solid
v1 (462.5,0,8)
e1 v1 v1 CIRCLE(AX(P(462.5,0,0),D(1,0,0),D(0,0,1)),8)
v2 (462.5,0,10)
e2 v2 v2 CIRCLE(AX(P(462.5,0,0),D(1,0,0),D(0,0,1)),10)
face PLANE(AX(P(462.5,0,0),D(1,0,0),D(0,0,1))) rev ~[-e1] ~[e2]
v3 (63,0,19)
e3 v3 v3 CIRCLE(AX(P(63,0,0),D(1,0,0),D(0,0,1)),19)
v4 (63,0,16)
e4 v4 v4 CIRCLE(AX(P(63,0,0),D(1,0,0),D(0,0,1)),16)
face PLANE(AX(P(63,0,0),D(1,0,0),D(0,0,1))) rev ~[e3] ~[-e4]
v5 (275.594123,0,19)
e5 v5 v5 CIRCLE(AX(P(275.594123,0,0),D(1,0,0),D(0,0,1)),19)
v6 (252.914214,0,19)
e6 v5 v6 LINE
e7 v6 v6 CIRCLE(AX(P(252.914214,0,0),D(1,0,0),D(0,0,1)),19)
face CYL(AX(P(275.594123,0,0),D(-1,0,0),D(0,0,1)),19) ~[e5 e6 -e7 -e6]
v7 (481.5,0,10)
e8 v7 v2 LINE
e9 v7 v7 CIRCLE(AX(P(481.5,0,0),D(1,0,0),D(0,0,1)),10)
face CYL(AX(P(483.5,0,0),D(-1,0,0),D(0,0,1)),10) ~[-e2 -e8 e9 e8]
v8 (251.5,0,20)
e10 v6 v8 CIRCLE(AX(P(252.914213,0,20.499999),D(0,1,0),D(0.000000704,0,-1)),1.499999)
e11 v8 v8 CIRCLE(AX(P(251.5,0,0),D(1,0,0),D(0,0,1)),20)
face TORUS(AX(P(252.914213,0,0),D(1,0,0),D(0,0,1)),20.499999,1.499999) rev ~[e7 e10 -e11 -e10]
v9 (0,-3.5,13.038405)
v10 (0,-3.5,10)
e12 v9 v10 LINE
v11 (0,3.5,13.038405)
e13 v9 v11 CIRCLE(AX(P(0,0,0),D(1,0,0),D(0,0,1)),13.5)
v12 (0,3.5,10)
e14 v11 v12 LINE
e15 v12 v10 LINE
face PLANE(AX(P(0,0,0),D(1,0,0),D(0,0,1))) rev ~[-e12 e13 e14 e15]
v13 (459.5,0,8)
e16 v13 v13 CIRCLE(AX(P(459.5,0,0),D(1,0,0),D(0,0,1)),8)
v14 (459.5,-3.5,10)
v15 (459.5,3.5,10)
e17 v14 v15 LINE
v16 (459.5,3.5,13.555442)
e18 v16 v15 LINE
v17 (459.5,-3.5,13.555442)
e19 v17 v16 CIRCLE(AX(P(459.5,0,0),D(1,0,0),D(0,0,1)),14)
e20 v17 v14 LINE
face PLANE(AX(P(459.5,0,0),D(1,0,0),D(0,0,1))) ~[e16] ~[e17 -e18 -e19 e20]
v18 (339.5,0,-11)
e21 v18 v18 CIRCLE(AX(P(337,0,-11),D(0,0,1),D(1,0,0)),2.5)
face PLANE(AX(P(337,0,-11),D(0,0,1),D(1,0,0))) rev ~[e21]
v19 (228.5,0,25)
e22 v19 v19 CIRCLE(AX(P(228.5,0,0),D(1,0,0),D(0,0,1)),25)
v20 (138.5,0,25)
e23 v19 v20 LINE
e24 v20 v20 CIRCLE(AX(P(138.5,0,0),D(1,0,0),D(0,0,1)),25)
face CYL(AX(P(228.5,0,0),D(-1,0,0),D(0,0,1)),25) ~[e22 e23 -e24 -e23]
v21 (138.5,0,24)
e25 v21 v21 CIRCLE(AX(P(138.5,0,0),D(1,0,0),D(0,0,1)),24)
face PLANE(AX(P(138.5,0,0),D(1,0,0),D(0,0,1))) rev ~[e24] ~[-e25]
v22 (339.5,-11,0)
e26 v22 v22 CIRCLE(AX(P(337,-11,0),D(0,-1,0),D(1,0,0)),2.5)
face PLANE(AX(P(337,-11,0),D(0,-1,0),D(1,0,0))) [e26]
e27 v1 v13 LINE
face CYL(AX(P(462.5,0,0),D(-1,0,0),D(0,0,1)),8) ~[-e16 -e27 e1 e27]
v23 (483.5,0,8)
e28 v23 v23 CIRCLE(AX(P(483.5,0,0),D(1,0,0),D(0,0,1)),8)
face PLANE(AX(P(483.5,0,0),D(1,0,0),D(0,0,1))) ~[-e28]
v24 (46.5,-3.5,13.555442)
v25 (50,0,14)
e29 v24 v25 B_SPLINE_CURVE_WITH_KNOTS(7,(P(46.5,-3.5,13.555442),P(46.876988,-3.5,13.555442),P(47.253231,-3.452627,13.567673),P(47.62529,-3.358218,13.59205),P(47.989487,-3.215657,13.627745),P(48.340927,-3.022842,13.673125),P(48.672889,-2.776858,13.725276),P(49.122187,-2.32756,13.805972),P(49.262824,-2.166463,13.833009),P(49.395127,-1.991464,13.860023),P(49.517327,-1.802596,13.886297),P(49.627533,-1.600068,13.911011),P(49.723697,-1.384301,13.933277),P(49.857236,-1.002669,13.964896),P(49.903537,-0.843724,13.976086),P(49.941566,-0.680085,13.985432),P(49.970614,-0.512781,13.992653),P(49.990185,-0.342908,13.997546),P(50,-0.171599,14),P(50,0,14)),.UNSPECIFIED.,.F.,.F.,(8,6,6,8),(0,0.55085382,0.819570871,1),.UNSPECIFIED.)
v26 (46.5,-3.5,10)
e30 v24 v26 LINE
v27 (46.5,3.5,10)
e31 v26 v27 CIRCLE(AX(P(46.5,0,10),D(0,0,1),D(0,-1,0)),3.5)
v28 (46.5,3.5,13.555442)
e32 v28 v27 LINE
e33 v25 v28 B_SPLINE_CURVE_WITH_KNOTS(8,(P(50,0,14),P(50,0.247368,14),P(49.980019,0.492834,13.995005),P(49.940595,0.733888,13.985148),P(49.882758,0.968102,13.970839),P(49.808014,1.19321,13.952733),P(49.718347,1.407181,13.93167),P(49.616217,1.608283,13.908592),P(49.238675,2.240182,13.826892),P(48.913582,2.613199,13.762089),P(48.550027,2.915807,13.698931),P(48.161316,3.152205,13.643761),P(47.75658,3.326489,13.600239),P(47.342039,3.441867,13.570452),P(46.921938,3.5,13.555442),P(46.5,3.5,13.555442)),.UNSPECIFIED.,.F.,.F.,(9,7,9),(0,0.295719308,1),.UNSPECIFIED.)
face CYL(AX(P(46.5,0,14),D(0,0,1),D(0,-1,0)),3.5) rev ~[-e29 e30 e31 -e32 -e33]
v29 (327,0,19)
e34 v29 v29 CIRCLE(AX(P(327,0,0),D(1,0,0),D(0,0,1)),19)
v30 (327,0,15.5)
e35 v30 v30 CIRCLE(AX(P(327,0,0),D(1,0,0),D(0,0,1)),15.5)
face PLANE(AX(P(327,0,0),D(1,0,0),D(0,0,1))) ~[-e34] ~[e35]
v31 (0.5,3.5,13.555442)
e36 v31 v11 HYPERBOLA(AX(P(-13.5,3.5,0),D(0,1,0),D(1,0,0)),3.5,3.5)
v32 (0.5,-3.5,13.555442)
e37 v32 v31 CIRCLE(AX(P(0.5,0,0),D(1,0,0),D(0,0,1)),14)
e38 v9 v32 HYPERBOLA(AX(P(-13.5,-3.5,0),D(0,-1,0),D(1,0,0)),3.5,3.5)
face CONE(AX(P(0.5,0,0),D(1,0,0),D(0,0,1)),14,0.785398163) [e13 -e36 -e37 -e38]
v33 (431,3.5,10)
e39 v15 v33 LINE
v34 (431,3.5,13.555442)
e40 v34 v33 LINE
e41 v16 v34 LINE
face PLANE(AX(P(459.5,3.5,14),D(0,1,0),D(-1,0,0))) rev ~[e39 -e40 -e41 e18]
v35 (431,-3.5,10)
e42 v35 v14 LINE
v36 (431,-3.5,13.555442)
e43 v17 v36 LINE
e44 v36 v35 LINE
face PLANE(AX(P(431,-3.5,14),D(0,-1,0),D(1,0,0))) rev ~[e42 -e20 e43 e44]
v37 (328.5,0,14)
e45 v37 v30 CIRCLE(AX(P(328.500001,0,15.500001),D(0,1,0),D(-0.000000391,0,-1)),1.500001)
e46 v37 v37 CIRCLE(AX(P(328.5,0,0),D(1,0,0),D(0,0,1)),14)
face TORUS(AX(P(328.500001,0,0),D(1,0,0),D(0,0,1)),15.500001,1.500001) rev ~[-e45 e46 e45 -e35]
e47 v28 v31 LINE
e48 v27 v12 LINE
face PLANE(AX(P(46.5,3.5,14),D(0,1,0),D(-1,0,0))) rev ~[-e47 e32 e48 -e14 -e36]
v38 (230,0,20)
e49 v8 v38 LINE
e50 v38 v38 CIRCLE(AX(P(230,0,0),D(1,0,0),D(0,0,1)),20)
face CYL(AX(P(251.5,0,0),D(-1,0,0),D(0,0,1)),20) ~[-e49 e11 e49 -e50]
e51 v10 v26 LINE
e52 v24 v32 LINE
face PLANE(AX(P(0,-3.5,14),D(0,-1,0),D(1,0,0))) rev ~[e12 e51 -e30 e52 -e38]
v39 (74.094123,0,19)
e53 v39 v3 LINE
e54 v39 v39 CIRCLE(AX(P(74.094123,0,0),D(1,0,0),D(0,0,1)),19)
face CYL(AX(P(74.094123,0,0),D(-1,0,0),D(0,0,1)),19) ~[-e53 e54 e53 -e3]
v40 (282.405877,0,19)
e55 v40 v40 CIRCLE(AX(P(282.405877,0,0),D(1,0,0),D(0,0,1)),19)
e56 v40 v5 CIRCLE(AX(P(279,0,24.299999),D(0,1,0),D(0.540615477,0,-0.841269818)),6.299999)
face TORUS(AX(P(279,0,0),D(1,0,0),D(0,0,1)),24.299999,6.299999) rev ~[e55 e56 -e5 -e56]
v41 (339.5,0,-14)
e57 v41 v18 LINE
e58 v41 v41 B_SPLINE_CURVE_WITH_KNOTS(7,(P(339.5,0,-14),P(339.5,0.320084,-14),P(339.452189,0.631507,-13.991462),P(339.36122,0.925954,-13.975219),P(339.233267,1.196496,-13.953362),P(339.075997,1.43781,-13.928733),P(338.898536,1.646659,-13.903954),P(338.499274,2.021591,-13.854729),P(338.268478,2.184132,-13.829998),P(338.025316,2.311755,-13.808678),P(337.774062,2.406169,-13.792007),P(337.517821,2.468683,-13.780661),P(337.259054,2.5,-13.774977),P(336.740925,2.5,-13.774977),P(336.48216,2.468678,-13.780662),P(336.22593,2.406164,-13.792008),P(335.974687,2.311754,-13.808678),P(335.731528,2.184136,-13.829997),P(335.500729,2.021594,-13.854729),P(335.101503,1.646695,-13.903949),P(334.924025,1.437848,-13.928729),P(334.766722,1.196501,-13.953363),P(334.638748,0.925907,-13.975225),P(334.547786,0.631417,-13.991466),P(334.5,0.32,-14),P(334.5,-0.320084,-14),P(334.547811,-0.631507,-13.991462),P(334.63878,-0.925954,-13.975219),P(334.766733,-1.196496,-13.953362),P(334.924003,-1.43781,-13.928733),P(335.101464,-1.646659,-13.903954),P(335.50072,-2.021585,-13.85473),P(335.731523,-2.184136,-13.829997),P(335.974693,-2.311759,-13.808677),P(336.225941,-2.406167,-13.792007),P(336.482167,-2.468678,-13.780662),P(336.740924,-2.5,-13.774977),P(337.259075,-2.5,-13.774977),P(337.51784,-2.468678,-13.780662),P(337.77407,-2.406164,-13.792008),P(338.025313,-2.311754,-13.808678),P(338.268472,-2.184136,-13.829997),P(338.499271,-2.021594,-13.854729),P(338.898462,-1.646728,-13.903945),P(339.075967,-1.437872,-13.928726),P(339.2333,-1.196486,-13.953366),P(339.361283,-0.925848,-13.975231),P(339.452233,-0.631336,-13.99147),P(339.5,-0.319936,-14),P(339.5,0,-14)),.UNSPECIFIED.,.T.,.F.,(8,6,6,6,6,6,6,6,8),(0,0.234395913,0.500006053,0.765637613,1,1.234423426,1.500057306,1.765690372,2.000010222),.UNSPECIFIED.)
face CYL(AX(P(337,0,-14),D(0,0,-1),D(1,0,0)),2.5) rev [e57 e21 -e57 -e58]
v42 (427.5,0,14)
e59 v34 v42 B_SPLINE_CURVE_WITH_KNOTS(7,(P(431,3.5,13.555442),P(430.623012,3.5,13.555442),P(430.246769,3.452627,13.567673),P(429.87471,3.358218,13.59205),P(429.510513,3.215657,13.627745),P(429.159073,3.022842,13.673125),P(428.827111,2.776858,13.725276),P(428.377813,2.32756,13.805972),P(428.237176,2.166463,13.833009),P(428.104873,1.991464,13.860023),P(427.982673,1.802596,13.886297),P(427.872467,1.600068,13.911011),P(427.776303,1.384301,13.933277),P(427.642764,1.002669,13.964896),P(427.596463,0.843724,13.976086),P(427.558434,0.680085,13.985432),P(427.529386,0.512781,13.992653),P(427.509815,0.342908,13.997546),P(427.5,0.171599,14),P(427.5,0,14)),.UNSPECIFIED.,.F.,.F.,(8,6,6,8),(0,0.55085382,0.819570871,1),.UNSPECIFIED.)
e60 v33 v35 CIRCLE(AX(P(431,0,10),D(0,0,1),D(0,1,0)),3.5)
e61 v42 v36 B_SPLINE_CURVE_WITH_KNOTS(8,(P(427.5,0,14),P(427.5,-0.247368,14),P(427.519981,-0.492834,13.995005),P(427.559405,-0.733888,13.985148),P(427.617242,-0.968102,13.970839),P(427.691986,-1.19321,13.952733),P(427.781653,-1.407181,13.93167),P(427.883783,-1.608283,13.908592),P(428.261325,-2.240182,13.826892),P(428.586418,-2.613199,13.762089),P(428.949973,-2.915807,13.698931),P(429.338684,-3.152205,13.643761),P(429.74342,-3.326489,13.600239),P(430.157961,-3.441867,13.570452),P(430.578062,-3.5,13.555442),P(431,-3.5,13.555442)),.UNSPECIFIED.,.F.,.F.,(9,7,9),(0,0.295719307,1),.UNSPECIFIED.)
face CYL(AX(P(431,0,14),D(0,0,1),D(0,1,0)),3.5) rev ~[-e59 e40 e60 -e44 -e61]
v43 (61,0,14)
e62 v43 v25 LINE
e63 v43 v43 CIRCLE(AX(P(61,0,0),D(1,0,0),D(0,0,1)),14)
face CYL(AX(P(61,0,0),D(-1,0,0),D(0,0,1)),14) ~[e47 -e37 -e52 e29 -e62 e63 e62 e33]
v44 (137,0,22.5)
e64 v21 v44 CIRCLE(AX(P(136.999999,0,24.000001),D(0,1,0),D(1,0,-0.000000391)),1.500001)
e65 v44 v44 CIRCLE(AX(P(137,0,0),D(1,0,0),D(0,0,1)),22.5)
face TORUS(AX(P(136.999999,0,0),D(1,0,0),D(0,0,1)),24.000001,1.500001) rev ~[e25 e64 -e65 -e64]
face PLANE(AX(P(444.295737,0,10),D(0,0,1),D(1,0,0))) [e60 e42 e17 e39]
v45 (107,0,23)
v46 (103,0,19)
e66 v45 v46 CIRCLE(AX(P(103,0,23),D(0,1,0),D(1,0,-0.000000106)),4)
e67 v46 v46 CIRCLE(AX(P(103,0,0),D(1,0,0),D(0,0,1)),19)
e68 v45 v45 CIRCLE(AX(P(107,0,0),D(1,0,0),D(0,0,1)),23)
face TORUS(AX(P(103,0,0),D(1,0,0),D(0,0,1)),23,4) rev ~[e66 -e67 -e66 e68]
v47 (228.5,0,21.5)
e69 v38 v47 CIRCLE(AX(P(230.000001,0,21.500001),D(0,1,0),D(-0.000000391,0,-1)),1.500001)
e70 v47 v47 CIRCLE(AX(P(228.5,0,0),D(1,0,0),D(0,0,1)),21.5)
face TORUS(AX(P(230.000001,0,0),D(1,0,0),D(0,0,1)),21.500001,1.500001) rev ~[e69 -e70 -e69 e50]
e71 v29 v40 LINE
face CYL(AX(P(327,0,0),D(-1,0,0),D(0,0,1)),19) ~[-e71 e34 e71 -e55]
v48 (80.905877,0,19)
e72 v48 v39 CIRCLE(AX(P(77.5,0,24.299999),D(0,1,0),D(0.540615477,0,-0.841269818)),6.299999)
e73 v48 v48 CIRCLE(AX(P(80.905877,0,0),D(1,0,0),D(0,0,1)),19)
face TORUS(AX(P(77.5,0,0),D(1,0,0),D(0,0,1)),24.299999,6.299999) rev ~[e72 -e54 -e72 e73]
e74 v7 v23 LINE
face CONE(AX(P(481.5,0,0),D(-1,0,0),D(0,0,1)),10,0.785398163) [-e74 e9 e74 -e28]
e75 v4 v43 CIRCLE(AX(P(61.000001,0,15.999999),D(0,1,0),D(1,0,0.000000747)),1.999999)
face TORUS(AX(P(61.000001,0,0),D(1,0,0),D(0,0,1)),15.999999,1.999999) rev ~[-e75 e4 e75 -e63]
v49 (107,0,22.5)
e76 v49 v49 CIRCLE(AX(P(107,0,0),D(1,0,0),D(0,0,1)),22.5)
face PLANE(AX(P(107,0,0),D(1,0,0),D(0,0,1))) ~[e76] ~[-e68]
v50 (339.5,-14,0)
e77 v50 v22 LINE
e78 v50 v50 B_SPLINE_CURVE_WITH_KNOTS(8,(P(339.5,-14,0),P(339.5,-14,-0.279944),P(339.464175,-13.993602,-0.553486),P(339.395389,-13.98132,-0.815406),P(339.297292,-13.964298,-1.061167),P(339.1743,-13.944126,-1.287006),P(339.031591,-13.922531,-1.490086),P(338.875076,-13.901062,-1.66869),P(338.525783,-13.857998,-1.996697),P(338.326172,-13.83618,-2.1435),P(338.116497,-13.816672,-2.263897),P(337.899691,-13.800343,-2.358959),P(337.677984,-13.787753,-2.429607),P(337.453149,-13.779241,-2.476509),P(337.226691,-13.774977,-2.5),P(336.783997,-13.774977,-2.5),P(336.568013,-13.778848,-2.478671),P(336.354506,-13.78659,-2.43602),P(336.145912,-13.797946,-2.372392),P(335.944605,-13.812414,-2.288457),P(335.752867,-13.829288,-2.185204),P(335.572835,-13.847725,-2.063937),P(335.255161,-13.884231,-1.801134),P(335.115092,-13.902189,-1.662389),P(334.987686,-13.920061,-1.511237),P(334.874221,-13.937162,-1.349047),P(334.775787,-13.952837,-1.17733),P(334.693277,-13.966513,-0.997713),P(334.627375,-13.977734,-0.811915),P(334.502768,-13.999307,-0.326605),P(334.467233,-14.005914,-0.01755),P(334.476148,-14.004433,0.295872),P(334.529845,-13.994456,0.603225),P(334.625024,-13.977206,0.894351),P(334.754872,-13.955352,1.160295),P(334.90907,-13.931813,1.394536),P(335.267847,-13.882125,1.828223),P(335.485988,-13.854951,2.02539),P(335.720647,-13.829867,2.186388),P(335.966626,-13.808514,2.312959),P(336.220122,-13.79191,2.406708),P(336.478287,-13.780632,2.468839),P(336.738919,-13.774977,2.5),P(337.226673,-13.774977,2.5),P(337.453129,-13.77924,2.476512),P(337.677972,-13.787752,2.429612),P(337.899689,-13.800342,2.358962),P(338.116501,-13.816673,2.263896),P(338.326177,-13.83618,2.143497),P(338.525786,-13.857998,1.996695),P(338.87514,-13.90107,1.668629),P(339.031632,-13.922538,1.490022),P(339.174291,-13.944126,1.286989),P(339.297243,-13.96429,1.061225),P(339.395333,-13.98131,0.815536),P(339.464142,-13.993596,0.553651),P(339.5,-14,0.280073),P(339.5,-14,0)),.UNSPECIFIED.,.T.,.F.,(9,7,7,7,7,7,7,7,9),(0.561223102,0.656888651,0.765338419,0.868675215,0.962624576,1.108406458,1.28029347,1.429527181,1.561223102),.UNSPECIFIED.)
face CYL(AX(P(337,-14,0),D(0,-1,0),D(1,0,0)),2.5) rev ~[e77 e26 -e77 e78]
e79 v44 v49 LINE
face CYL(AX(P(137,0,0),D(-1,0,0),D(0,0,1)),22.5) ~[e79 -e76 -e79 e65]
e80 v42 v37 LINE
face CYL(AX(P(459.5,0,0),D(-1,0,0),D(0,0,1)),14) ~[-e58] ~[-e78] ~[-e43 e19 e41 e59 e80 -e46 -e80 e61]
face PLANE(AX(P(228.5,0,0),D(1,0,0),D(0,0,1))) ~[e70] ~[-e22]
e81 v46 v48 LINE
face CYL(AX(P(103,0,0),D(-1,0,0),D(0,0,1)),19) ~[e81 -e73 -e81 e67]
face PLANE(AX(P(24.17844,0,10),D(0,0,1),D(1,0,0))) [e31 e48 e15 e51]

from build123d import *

# Parameters (mm, degrees)
F2_SIZE2  = 0.5
F2_SIZE   = 0.5
F3_SIZE2  = 2
F3_SIZE   = 2
F6_DEPTH  = 4
F8_DEPTH  = 4
F10_R     = 2.5
F11_DEPTH = 3
F13_R     = 2.5
F14_DEPTH = 3


with BuildPart() as f1:
    # F0 (on Front) → F1 (revolve)
    with BuildSketch(Plane.XZ):
        with BuildLine():
            Line((0, 14), (0, 0))
            Line((0, 0), (483.5, 0))
            Line((483.5, 0), (483.5, 10))
            Line((483.5, 10), (462.5, 10))
            Line((462.5, 10), (462.5, 8))
            Line((462.5, 8), (459.5, 8))
            Line((459.5, 8), (459.5, 14))
            Line((459.5, 14), (328.5, 14))
            ThreePointArc((328.5, 14), (327.43934, 14.43934), (327, 15.5))
            Line((327, 15.5), (327, 19))
            Line((327, 19), (282.405877, 19))
            ThreePointArc((282.405877, 19), (279, 18), (275.594123, 19))
            Line((275.594123, 19), (252.914214, 19))
            ThreePointArc((252.914214, 19), (252.048188, 19.275255), (251.5, 20))
            Line((251.5, 20), (230, 20))
            ThreePointArc((230, 20), (228.93934, 20.43934), (228.5, 21.5))
            Line((228.5, 21.5), (228.5, 25))
            Line((228.5, 25), (138.5, 25))
            Line((138.5, 25), (138.5, 24))
            ThreePointArc((138.5, 24), (138.06066, 22.93934), (137, 22.5))
            Line((137, 22.5), (107, 22.5))
            Line((107, 22.5), (107, 23))
            ThreePointArc((107, 23), (105.828427, 20.171573), (103, 19))
            Line((103, 19), (80.905877, 19))
            ThreePointArc((80.905877, 19), (77.5, 18), (74.094123, 19))
            Line((74.094123, 19), (63, 19))
            Line((63, 19), (63, 16))
            ThreePointArc((63, 16), (62.414214, 14.585786), (61, 14))
            Line((61, 14), (0, 14))
        make_face()
    revolve(axis=Axis((274.487168, 0, 0), (1, 0, 0)))

    # F2
    f2_edges = [f1.edges().sort_by_distance(p)[0] for p in [
        (0, 0, -14),
    ]]
    chamfer(f2_edges, length=F2_SIZE, length2=F2_SIZE2)

    # F3
    f3_edges = [f1.edges().sort_by_distance(p)[0] for p in [
        (483.5, 0, -10),
    ]]
    chamfer(f3_edges, length=F3_SIZE, length2=F3_SIZE2)

    # F5 (on offset) → F6 (cut)
    with BuildSketch(Plane.XY.offset(14)):
        with BuildLine():
            Line((0, -3.5), (46.5, -3.5))
            ThreePointArc((46.5, -3.5), (50, 0), (46.5, 3.5))
            Line((46.5, 3.5), (0, 3.5))
            Line((0, 3.5), (0, -3.5))
        make_face()
    extrude(amount=-F6_DEPTH, mode=Mode.SUBTRACT)

    # F7 (on offset) → F8 (cut)
    with BuildSketch(Plane.XY.offset(14)):
        with BuildLine():
            Line((459.5, 3.5), (431, 3.5))
            ThreePointArc((431, 3.5), (427.5, 0), (431, -3.5))
            Line((431, -3.5), (459.5, -3.5))
            Line((459.5, -3.5), (459.5, 3.5))
        make_face()
    extrude(amount=-F8_DEPTH, mode=Mode.SUBTRACT)

    # F10 (on offset) → F11 (cut)
    with BuildSketch(Plane.XZ.offset(14)):
        with Locations((337, 0)):
            Circle(F10_R)
    extrude(amount=-F11_DEPTH, mode=Mode.SUBTRACT)

    # F13 (on offset) → F14 (cut)
    with BuildSketch(Plane.XY.offset(-14)):
        with Locations((337, 0)):
            Circle(F13_R)
    extrude(amount=F14_DEPTH, mode=Mode.SUBTRACT)


solid = f1.part
